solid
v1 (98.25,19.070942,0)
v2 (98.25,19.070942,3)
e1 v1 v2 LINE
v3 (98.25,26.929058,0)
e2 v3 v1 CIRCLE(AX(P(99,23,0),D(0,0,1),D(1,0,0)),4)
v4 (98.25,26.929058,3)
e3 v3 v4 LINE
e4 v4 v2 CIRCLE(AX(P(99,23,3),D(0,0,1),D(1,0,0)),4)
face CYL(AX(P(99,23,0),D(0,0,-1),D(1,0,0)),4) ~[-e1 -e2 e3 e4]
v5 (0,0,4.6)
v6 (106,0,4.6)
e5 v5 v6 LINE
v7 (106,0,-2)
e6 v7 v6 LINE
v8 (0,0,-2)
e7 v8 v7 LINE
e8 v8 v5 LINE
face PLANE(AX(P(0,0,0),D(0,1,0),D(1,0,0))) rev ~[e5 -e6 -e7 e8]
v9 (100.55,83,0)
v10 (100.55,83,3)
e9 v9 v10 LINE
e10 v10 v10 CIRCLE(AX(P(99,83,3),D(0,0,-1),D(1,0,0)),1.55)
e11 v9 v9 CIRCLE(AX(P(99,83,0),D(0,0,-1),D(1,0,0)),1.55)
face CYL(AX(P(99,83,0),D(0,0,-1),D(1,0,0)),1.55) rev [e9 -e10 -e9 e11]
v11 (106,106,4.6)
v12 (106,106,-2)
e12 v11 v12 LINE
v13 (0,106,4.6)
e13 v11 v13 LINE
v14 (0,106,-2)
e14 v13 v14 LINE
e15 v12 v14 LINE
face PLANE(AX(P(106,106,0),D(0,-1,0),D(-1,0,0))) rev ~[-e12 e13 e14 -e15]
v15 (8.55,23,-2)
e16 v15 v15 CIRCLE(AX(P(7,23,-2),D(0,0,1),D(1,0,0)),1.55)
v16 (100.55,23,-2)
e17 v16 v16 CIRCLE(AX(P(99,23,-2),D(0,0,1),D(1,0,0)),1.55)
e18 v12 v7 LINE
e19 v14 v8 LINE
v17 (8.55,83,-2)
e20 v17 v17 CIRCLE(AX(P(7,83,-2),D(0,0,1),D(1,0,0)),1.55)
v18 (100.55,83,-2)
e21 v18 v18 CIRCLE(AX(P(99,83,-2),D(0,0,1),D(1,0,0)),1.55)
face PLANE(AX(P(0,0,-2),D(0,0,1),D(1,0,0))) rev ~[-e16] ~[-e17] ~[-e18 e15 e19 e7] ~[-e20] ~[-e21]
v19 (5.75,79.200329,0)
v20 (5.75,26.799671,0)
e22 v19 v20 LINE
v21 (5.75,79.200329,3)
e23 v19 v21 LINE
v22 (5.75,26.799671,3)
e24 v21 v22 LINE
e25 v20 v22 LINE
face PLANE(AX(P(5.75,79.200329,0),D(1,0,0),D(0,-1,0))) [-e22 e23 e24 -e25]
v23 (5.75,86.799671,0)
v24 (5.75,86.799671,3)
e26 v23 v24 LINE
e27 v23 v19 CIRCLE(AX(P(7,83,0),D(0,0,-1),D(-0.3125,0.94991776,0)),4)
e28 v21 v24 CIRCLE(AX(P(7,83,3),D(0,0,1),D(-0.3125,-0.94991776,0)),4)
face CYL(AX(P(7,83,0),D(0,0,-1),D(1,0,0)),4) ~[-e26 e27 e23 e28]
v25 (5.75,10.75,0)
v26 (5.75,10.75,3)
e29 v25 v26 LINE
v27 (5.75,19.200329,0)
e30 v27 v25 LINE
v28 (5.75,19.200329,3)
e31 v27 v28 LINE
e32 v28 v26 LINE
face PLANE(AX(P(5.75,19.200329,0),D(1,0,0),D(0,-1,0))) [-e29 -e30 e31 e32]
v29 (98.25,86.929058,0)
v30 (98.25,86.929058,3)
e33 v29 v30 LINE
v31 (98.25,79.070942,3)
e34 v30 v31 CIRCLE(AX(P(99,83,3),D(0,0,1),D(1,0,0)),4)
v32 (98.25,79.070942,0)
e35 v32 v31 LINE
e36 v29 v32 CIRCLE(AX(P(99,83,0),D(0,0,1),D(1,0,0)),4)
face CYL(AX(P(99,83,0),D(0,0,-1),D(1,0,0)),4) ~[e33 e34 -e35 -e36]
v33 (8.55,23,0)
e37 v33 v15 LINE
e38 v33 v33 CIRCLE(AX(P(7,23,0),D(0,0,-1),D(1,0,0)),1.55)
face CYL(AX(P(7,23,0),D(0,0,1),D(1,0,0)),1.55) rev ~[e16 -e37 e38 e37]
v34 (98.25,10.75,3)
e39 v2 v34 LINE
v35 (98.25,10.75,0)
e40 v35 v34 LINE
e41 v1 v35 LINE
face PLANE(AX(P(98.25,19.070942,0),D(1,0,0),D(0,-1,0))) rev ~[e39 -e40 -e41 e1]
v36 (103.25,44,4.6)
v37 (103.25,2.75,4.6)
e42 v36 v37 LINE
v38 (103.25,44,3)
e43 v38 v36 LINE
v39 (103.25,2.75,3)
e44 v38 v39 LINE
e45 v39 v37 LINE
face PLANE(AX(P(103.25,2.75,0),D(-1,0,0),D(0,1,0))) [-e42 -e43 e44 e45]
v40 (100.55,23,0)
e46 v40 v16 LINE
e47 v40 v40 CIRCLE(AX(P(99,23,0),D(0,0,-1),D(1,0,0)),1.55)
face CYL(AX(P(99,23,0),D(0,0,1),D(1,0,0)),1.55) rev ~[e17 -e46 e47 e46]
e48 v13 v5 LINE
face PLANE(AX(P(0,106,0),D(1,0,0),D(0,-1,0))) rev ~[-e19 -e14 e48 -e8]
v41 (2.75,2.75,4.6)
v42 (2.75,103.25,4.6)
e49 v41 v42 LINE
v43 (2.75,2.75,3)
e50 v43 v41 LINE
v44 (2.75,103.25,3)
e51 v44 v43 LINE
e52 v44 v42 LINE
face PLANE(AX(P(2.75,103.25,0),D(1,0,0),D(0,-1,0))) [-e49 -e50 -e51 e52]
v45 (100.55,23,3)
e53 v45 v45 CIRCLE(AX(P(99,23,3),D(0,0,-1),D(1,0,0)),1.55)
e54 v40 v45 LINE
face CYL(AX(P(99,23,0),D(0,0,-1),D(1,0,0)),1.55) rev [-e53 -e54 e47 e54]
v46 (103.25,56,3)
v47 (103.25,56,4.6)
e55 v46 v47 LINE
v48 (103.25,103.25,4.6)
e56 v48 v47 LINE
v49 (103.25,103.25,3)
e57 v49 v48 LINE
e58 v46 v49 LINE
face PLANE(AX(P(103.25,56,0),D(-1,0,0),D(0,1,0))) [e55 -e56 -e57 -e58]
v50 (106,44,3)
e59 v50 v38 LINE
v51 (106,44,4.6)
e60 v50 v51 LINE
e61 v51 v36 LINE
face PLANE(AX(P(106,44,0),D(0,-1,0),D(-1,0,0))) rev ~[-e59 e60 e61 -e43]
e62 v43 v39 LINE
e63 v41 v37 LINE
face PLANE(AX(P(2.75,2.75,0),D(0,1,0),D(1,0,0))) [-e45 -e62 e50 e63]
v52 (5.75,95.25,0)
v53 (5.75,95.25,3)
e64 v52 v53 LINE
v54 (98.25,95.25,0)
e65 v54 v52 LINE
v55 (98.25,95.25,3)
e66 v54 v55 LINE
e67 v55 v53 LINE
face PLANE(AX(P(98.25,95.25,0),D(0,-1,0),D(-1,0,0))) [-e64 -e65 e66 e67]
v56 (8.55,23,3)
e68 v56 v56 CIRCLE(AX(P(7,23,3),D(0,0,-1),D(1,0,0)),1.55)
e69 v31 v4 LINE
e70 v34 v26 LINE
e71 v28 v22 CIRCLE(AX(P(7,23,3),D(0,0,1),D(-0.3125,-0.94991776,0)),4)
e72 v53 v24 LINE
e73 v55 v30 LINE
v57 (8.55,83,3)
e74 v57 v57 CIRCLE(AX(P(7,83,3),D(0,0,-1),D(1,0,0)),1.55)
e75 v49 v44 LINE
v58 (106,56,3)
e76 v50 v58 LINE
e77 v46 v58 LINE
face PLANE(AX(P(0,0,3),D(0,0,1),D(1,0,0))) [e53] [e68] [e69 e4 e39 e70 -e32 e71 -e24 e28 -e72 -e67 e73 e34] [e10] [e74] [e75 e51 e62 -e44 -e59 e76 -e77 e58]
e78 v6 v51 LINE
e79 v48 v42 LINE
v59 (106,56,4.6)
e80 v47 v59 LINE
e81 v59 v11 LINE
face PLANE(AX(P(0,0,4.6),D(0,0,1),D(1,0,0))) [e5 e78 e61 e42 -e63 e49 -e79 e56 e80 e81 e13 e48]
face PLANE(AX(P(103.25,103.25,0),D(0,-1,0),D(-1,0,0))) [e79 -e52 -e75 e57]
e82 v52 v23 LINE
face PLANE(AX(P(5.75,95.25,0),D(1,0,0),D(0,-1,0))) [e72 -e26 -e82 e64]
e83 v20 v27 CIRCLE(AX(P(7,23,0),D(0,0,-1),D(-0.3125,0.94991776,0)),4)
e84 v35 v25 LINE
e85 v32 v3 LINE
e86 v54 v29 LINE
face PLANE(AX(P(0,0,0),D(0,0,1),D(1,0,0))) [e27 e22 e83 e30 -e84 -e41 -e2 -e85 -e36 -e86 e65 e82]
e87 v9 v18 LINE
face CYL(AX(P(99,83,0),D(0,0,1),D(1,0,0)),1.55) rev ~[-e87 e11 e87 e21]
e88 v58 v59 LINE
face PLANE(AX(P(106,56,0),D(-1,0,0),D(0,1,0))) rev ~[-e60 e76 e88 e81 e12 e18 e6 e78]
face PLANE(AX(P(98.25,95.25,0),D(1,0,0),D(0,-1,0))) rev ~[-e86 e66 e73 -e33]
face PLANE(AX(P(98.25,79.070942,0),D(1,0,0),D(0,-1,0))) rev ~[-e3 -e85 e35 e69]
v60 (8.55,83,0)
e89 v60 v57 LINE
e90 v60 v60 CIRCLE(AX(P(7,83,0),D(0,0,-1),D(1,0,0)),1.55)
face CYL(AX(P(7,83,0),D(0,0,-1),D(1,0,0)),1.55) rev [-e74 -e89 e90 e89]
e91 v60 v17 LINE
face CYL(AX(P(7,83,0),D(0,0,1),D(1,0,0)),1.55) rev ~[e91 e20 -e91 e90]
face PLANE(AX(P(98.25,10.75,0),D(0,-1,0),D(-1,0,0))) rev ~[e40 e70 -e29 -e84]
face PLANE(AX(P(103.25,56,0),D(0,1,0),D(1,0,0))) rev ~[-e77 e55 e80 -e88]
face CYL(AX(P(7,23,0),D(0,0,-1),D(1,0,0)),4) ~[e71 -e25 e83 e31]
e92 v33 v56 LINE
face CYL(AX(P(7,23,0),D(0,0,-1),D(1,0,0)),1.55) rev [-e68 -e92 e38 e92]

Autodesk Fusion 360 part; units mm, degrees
sketch "Sketch1" plane through (0, 0, 0) normal (0, 0, 1) x (1, 0, 0)
  line L0 (0, 0) -> (106, 0)
  line L1 (106, 0) -> (106, 106)
  line L2 (106, 106) -> (0, 106)
  line L3 (0, 106) -> (0, 0)
  line L4 (2.75, 2.75) -> (103.25, 2.75)
  line L5 (103.25, 2.75) -> (103.25, 103.25)
  line L6 (103.25, 103.25) -> (2.75, 103.25)
  line L7 (2.75, 103.25) -> (2.75, 2.75)
  circle A0 centre (7, 23) radius 4
  circle A1 centre (7, 83) radius 4
  circle A2 centre (99, 23) radius 4
  circle A3 centre (99, 83) radius 4
  line L8 (2.75, 103.25) -> (103.25, 103.25)
  line L9 (103.25, 103.25) -> (103.25, 95.25)
  line L10 (103.25, 95.25) -> (2.75, 95.25)
  line L11 (2.75, 95.25) -> (2.75, 103.25)
  line L12 (2.75, 2.75) -> (103.25, 2.75)
  line L13 (103.25, 2.75) -> (103.25, 10.75)
  line L14 (103.25, 10.75) -> (2.75, 10.75)
  line L15 (2.75, 10.75) -> (2.75, 2.75)
  line L16 (2.75, 95.25) -> (5.75, 95.25)
  line L17 (5.75, 95.25) -> (5.75, 10.75)
  line L18 (5.75, 10.75) -> (2.75, 10.75)
  line L19 (2.75, 10.75) -> (2.75, 95.25)
  line L20 (103.25, 95.25) -> (98.25, 95.25)
  line L21 (98.25, 95.25) -> (98.25, 10.75)
  line L22 (98.25, 10.75) -> (103.25, 10.75)
  line L23 (103.25, 10.75) -> (103.25, 95.25)
  circle A4 centre (7, 83) radius 1.55
  circle A5 centre (99, 83) radius 1.55
  circle A6 centre (7, 23) radius 1.55
  circle A7 centre (99, 23) radius 1.55
  line L24 (103.25, 56) -> (106, 56)
  line L25 (106, 56) -> (106, 44)
  line L26 (106, 44) -> (103.25, 44)
  line L27 (103.25, 44) -> (103.25, 56)
  dimension "d1" = 106
  dimension "d2" = 106
  dimension "d3" = 100.5
  dimension "d4" = 100.5
  dimension "d5" = 2.75
  dimension "d6" = 2.75
  dimension "d7" = 8
  dimension "d8" = 8
  dimension "d9" = 8
  dimension "d10" = 8
  dimension "d12" = 7
  dimension "d13" = 7
  dimension "d16" = 7
  dimension "d17" = 7
  dimension "d18" = 8
  dimension "d19" = 8
  dimension "d20" = 5
  dimension "d21" = 3
  dimension "d22" = 3.1
  dimension "d23" = 3.1
  dimension "d24" = 3.1
  dimension "d25" = 3.1
  dimension "d48" = 23
  dimension "d49" = 23
  dimension "d50" = 23
  dimension "d51" = 23
  dimension "d52" = 12
  dimension "d55" = 41.25
extrude "Extrude1" add sketch "Sketch1" against normal blind 2 contours L0 L1 L2 L3 L4 L5 L6 L7 L8 L9 L11 L12 L13 L15 L19 L23 L24 L26 | L1 L5 L23 L24 L25 L26 L27 | L5 A2 A3 L10 L14 L20 L21 L22 L23 L27 | L4 L5 L7 L12 L13 L14 L15 L18 L22 | L5 L6 L7 L8 L9 L10 L11 L16 L20 | A0 A1 A2 A3 L10 L14 L17 L21 | L7 A0 A1 L10 L14 L16 L17 L18 L19 | A2 L21 A7 | A2 L21 A7 | A3 L21 A5 | A3 L21 A5 | A0 L17 A6 | A0 L17 A6 | A1 L17 A4 | A1 L17 A4
extrude "Extrude2" add sketch "Sketch1" along normal blind 4.6 contours L0 L1 L2 L3 L4 L5 L6 L7 L8 L9 L11 L12 L13 L15 L19 L23 L24 L26
extrude "Extrude3" add sketch "Sketch1" along normal blind 3 contours L1 L5 L23 L24 L25 L26 L27 | L5 A2 A3 L10 L14 L20 L21 L22 L23 L27 | L4 L5 L7 L12 L13 L14 L15 L18 L22 | L5 L6 L7 L8 L9 L10 L11 L16 L20 | L7 A0 A1 L10 L14 L16 L17 L18 L19 | A2 L21 A7 | A2 L21 A7 | A3 L21 A5 | A3 L21 A5 | A0 L17 A6 | A0 L17 A6 | A1 L17 A4 | A1 L17 A4
